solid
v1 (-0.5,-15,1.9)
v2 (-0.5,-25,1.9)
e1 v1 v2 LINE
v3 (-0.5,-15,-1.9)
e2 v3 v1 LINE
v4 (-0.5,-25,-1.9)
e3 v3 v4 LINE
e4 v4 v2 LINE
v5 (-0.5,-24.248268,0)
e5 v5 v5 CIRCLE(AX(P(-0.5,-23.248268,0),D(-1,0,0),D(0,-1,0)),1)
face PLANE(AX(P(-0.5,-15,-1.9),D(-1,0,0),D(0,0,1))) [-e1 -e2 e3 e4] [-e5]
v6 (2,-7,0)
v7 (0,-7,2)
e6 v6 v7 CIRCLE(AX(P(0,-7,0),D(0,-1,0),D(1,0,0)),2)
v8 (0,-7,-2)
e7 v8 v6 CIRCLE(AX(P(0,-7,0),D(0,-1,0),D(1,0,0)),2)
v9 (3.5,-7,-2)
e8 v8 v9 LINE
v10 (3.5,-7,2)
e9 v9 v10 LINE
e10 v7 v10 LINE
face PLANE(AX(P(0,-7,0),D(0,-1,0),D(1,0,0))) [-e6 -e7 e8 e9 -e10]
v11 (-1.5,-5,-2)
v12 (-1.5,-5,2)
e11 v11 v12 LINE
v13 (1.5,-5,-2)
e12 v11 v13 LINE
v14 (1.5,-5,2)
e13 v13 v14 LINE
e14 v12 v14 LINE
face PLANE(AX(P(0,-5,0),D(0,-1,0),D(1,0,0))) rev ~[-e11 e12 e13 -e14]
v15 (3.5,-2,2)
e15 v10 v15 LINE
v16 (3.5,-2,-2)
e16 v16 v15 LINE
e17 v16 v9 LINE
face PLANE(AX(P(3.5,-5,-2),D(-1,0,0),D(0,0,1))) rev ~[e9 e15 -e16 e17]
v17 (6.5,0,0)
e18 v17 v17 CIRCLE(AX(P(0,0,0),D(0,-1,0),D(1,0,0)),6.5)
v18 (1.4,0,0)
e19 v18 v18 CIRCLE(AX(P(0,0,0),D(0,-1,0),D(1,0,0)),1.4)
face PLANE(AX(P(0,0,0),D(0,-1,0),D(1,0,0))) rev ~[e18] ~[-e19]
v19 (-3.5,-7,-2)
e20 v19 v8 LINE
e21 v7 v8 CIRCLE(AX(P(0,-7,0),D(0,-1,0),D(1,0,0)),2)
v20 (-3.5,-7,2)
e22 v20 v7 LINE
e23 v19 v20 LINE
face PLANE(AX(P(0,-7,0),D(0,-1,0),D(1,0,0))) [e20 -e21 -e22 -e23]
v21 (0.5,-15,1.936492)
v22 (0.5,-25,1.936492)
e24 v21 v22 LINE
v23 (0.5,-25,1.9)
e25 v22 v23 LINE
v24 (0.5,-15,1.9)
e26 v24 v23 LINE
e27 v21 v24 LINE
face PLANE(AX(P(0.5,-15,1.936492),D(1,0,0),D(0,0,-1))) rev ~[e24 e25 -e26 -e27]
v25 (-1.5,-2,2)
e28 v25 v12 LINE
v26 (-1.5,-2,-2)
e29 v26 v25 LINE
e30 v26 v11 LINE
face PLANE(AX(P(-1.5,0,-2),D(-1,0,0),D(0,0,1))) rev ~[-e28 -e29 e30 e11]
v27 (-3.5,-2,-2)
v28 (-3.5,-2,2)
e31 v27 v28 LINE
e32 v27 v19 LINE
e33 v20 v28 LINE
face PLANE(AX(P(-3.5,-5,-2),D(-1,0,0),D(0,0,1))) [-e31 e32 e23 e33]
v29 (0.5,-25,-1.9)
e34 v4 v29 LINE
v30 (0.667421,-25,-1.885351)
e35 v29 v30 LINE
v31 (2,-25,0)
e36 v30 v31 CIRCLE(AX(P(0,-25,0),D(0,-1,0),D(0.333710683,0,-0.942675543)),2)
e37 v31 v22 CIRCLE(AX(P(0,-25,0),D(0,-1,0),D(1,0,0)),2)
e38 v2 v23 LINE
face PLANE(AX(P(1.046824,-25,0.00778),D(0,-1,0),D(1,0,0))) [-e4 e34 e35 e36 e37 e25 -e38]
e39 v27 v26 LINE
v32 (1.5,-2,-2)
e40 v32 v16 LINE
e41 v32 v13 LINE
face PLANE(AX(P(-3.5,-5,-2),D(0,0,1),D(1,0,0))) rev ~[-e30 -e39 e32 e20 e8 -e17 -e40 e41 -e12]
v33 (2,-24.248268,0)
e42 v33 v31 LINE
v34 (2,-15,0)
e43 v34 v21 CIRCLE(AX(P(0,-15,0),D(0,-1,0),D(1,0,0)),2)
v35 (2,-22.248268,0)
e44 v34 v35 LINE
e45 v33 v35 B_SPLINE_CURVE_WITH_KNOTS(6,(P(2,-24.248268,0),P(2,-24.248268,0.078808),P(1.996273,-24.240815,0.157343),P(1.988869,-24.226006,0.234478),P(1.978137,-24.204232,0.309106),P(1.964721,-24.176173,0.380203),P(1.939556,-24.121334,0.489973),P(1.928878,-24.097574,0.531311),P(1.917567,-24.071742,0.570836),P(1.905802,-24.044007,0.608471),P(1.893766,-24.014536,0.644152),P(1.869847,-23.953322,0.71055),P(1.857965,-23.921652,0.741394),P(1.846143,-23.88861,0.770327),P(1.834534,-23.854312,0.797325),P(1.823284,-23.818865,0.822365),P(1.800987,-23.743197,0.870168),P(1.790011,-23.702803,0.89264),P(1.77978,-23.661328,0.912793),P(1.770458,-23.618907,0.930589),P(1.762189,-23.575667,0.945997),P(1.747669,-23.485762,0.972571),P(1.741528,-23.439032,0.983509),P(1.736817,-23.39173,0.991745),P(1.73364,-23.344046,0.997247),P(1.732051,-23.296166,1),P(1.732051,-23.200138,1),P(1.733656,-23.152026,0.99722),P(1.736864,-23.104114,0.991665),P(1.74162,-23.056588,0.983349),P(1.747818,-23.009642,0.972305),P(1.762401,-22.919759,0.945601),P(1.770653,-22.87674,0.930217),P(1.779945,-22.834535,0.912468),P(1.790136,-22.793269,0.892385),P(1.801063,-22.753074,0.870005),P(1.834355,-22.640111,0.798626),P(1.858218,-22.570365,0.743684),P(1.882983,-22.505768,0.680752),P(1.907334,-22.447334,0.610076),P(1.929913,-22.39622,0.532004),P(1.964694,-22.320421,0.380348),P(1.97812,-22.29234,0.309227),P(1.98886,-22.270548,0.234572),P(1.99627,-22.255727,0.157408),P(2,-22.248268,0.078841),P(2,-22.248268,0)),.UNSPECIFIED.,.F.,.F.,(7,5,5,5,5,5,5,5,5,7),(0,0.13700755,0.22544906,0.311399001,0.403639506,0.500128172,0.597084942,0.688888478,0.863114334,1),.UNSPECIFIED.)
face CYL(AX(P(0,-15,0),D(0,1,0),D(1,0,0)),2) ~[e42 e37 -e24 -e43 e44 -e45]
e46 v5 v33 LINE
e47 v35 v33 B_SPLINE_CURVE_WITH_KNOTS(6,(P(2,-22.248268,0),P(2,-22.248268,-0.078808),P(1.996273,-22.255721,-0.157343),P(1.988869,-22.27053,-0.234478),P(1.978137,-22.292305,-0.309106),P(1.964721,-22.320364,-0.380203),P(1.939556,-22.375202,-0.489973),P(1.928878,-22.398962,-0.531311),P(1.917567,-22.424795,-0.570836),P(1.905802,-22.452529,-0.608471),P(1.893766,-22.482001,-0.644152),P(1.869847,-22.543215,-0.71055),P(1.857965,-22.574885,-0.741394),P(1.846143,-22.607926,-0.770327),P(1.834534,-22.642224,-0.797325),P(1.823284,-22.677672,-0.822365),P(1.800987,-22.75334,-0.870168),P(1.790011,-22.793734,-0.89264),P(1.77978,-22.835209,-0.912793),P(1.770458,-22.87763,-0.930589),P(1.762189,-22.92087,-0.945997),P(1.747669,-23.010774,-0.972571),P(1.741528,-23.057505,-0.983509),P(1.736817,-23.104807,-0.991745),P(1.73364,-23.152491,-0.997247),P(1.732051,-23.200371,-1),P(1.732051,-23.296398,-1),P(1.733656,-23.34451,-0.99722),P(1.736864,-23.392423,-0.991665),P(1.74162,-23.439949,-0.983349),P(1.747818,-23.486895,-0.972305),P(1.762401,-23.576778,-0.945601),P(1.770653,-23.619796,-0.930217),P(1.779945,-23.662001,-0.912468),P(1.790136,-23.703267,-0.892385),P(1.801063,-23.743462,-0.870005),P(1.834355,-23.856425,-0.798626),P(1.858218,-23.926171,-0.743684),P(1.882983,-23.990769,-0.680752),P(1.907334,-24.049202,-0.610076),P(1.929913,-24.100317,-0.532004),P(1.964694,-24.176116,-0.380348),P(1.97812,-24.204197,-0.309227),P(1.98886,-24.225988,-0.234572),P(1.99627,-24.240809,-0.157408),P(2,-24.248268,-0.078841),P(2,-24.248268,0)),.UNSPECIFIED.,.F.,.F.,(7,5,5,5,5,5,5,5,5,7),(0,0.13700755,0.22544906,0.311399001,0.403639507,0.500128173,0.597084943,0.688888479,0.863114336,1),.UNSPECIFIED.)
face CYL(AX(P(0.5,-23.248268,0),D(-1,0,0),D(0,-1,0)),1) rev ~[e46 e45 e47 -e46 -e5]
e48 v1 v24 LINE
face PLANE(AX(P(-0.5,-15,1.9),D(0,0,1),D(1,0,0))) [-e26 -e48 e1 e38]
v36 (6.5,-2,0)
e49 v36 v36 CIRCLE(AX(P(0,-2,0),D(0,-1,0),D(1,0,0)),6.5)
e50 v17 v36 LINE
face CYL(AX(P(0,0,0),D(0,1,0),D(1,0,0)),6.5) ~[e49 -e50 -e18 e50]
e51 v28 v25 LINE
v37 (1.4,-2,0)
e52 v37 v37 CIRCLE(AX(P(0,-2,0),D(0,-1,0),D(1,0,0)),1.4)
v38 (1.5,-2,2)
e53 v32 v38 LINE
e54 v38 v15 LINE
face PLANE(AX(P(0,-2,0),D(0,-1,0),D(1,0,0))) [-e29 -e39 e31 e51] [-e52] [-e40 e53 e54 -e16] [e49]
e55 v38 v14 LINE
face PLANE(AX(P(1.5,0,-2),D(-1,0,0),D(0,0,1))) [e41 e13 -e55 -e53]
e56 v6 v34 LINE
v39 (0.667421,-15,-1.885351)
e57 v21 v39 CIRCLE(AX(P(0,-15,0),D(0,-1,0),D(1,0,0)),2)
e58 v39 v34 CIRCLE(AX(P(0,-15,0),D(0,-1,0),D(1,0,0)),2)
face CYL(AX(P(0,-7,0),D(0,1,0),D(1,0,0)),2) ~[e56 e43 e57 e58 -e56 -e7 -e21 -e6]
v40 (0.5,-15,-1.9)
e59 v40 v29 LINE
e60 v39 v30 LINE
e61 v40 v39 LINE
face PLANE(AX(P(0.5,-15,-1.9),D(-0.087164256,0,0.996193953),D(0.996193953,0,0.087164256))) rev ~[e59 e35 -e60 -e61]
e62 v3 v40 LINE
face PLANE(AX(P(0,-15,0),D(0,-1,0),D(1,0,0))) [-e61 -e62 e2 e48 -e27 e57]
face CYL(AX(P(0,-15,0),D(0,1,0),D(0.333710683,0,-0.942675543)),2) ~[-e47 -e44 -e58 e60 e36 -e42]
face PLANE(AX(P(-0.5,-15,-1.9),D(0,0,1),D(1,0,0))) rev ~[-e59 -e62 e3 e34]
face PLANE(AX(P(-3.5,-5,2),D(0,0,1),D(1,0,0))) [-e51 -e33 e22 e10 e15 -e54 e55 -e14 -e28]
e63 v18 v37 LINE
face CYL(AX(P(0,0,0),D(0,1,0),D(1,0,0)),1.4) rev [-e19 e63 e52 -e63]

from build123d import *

# Parameters (mm, degrees)
F0_R      = 6.5
F0_W      = 2
F0_H      = 4
F0_R_2    = 1.4
F1_DEPTH  = 2
F2_DEPTH  = 5
F3_W      = 7
F3_H      = 4
F4_DEPTH  = 2
F5_R      = 2
F6_DEPTH  = 8
F7_W      = 1
F7_H      = 3.8
F8_DEPTH  = 10
F9_R      = 1
F10_DEPTH = 3.46
F11_DEPTH = 10
F12_DEPTH = 2.95


with BuildPart() as f1:
    # F0 (on Front) → F1 (new body)
    with BuildSketch(Plane.XZ):
        Circle(F0_R)
        with Locations((-2.5, 0)):
            Rectangle(F0_W, F0_H, mode=Mode.SUBTRACT)
        Circle(F0_R_2, mode=Mode.SUBTRACT)
        with Locations((2.5, 0)):
            Rectangle(F0_W, F0_H, mode=Mode.SUBTRACT)
    extrude(amount=F1_DEPTH)

    # F0 (on Front) → F2 (join)
    with BuildSketch(Plane.XZ):
        with Locations((-2.5, 0)):
            Rectangle(F0_W, F0_H)
        with Locations((2.5, 0)):
            Rectangle(F0_W, F0_H)
    extrude(amount=F2_DEPTH)

    # F3 (on face) → F4 (join)
    with BuildSketch(Plane.XZ.offset(5)):
        Rectangle(F3_W, F3_H)
    extrude(amount=F4_DEPTH)

    # F5 (on face) → F6 (join)
    with BuildSketch(Plane.XZ.offset(7)):
        Circle(F5_R)
    extrude(amount=F6_DEPTH)

    # F7 (on face) → F8 (join)
    with BuildSketch(Plane.XZ.offset(15)):
        Rectangle(F7_W, F7_H)
    extrude(amount=F8_DEPTH)

    # F9 (on face) → F10 (cut)
    with BuildSketch(Plane(origin=(-0.5, 0, 0), x_dir=(0, -1, 0), z_dir=(-1, 0, 0))):
        with Locations((23.2482682914, 0)):
            Circle(F9_R)
    extrude(amount=-F10_DEPTH, mode=Mode.SUBTRACT)

    # F7 (on face) → F11 (join)
    with BuildSketch(Plane.XZ.offset(15)):
        with BuildLine():
            Line((0.5, 1.9), (0.5, -1.9))
            Line((0.5, -1.9), (0.667421366, -1.8853510867))
            ThreePointArc((0.667421366, -1.8853510867), (1.633224224, -1.1543736977), (2, 0))
            ThreePointArc((2, 0), (1.5811388301, 1.2247448714), (0.5, 1.9364916731))
            Line((0.5, 1.9364916731), (0.5, 1.9))
        make_face()
    extrude(amount=F11_DEPTH)

    # F12 (cut): a face of the model
    f12_faces = [f1.faces().sort_by_distance(p)[0] for p in [
        (0.5, -23.2482682914, 0),
    ]]
    extrude(f12_faces, amount=-F12_DEPTH, mode=Mode.SUBTRACT)


solid = f1.part
